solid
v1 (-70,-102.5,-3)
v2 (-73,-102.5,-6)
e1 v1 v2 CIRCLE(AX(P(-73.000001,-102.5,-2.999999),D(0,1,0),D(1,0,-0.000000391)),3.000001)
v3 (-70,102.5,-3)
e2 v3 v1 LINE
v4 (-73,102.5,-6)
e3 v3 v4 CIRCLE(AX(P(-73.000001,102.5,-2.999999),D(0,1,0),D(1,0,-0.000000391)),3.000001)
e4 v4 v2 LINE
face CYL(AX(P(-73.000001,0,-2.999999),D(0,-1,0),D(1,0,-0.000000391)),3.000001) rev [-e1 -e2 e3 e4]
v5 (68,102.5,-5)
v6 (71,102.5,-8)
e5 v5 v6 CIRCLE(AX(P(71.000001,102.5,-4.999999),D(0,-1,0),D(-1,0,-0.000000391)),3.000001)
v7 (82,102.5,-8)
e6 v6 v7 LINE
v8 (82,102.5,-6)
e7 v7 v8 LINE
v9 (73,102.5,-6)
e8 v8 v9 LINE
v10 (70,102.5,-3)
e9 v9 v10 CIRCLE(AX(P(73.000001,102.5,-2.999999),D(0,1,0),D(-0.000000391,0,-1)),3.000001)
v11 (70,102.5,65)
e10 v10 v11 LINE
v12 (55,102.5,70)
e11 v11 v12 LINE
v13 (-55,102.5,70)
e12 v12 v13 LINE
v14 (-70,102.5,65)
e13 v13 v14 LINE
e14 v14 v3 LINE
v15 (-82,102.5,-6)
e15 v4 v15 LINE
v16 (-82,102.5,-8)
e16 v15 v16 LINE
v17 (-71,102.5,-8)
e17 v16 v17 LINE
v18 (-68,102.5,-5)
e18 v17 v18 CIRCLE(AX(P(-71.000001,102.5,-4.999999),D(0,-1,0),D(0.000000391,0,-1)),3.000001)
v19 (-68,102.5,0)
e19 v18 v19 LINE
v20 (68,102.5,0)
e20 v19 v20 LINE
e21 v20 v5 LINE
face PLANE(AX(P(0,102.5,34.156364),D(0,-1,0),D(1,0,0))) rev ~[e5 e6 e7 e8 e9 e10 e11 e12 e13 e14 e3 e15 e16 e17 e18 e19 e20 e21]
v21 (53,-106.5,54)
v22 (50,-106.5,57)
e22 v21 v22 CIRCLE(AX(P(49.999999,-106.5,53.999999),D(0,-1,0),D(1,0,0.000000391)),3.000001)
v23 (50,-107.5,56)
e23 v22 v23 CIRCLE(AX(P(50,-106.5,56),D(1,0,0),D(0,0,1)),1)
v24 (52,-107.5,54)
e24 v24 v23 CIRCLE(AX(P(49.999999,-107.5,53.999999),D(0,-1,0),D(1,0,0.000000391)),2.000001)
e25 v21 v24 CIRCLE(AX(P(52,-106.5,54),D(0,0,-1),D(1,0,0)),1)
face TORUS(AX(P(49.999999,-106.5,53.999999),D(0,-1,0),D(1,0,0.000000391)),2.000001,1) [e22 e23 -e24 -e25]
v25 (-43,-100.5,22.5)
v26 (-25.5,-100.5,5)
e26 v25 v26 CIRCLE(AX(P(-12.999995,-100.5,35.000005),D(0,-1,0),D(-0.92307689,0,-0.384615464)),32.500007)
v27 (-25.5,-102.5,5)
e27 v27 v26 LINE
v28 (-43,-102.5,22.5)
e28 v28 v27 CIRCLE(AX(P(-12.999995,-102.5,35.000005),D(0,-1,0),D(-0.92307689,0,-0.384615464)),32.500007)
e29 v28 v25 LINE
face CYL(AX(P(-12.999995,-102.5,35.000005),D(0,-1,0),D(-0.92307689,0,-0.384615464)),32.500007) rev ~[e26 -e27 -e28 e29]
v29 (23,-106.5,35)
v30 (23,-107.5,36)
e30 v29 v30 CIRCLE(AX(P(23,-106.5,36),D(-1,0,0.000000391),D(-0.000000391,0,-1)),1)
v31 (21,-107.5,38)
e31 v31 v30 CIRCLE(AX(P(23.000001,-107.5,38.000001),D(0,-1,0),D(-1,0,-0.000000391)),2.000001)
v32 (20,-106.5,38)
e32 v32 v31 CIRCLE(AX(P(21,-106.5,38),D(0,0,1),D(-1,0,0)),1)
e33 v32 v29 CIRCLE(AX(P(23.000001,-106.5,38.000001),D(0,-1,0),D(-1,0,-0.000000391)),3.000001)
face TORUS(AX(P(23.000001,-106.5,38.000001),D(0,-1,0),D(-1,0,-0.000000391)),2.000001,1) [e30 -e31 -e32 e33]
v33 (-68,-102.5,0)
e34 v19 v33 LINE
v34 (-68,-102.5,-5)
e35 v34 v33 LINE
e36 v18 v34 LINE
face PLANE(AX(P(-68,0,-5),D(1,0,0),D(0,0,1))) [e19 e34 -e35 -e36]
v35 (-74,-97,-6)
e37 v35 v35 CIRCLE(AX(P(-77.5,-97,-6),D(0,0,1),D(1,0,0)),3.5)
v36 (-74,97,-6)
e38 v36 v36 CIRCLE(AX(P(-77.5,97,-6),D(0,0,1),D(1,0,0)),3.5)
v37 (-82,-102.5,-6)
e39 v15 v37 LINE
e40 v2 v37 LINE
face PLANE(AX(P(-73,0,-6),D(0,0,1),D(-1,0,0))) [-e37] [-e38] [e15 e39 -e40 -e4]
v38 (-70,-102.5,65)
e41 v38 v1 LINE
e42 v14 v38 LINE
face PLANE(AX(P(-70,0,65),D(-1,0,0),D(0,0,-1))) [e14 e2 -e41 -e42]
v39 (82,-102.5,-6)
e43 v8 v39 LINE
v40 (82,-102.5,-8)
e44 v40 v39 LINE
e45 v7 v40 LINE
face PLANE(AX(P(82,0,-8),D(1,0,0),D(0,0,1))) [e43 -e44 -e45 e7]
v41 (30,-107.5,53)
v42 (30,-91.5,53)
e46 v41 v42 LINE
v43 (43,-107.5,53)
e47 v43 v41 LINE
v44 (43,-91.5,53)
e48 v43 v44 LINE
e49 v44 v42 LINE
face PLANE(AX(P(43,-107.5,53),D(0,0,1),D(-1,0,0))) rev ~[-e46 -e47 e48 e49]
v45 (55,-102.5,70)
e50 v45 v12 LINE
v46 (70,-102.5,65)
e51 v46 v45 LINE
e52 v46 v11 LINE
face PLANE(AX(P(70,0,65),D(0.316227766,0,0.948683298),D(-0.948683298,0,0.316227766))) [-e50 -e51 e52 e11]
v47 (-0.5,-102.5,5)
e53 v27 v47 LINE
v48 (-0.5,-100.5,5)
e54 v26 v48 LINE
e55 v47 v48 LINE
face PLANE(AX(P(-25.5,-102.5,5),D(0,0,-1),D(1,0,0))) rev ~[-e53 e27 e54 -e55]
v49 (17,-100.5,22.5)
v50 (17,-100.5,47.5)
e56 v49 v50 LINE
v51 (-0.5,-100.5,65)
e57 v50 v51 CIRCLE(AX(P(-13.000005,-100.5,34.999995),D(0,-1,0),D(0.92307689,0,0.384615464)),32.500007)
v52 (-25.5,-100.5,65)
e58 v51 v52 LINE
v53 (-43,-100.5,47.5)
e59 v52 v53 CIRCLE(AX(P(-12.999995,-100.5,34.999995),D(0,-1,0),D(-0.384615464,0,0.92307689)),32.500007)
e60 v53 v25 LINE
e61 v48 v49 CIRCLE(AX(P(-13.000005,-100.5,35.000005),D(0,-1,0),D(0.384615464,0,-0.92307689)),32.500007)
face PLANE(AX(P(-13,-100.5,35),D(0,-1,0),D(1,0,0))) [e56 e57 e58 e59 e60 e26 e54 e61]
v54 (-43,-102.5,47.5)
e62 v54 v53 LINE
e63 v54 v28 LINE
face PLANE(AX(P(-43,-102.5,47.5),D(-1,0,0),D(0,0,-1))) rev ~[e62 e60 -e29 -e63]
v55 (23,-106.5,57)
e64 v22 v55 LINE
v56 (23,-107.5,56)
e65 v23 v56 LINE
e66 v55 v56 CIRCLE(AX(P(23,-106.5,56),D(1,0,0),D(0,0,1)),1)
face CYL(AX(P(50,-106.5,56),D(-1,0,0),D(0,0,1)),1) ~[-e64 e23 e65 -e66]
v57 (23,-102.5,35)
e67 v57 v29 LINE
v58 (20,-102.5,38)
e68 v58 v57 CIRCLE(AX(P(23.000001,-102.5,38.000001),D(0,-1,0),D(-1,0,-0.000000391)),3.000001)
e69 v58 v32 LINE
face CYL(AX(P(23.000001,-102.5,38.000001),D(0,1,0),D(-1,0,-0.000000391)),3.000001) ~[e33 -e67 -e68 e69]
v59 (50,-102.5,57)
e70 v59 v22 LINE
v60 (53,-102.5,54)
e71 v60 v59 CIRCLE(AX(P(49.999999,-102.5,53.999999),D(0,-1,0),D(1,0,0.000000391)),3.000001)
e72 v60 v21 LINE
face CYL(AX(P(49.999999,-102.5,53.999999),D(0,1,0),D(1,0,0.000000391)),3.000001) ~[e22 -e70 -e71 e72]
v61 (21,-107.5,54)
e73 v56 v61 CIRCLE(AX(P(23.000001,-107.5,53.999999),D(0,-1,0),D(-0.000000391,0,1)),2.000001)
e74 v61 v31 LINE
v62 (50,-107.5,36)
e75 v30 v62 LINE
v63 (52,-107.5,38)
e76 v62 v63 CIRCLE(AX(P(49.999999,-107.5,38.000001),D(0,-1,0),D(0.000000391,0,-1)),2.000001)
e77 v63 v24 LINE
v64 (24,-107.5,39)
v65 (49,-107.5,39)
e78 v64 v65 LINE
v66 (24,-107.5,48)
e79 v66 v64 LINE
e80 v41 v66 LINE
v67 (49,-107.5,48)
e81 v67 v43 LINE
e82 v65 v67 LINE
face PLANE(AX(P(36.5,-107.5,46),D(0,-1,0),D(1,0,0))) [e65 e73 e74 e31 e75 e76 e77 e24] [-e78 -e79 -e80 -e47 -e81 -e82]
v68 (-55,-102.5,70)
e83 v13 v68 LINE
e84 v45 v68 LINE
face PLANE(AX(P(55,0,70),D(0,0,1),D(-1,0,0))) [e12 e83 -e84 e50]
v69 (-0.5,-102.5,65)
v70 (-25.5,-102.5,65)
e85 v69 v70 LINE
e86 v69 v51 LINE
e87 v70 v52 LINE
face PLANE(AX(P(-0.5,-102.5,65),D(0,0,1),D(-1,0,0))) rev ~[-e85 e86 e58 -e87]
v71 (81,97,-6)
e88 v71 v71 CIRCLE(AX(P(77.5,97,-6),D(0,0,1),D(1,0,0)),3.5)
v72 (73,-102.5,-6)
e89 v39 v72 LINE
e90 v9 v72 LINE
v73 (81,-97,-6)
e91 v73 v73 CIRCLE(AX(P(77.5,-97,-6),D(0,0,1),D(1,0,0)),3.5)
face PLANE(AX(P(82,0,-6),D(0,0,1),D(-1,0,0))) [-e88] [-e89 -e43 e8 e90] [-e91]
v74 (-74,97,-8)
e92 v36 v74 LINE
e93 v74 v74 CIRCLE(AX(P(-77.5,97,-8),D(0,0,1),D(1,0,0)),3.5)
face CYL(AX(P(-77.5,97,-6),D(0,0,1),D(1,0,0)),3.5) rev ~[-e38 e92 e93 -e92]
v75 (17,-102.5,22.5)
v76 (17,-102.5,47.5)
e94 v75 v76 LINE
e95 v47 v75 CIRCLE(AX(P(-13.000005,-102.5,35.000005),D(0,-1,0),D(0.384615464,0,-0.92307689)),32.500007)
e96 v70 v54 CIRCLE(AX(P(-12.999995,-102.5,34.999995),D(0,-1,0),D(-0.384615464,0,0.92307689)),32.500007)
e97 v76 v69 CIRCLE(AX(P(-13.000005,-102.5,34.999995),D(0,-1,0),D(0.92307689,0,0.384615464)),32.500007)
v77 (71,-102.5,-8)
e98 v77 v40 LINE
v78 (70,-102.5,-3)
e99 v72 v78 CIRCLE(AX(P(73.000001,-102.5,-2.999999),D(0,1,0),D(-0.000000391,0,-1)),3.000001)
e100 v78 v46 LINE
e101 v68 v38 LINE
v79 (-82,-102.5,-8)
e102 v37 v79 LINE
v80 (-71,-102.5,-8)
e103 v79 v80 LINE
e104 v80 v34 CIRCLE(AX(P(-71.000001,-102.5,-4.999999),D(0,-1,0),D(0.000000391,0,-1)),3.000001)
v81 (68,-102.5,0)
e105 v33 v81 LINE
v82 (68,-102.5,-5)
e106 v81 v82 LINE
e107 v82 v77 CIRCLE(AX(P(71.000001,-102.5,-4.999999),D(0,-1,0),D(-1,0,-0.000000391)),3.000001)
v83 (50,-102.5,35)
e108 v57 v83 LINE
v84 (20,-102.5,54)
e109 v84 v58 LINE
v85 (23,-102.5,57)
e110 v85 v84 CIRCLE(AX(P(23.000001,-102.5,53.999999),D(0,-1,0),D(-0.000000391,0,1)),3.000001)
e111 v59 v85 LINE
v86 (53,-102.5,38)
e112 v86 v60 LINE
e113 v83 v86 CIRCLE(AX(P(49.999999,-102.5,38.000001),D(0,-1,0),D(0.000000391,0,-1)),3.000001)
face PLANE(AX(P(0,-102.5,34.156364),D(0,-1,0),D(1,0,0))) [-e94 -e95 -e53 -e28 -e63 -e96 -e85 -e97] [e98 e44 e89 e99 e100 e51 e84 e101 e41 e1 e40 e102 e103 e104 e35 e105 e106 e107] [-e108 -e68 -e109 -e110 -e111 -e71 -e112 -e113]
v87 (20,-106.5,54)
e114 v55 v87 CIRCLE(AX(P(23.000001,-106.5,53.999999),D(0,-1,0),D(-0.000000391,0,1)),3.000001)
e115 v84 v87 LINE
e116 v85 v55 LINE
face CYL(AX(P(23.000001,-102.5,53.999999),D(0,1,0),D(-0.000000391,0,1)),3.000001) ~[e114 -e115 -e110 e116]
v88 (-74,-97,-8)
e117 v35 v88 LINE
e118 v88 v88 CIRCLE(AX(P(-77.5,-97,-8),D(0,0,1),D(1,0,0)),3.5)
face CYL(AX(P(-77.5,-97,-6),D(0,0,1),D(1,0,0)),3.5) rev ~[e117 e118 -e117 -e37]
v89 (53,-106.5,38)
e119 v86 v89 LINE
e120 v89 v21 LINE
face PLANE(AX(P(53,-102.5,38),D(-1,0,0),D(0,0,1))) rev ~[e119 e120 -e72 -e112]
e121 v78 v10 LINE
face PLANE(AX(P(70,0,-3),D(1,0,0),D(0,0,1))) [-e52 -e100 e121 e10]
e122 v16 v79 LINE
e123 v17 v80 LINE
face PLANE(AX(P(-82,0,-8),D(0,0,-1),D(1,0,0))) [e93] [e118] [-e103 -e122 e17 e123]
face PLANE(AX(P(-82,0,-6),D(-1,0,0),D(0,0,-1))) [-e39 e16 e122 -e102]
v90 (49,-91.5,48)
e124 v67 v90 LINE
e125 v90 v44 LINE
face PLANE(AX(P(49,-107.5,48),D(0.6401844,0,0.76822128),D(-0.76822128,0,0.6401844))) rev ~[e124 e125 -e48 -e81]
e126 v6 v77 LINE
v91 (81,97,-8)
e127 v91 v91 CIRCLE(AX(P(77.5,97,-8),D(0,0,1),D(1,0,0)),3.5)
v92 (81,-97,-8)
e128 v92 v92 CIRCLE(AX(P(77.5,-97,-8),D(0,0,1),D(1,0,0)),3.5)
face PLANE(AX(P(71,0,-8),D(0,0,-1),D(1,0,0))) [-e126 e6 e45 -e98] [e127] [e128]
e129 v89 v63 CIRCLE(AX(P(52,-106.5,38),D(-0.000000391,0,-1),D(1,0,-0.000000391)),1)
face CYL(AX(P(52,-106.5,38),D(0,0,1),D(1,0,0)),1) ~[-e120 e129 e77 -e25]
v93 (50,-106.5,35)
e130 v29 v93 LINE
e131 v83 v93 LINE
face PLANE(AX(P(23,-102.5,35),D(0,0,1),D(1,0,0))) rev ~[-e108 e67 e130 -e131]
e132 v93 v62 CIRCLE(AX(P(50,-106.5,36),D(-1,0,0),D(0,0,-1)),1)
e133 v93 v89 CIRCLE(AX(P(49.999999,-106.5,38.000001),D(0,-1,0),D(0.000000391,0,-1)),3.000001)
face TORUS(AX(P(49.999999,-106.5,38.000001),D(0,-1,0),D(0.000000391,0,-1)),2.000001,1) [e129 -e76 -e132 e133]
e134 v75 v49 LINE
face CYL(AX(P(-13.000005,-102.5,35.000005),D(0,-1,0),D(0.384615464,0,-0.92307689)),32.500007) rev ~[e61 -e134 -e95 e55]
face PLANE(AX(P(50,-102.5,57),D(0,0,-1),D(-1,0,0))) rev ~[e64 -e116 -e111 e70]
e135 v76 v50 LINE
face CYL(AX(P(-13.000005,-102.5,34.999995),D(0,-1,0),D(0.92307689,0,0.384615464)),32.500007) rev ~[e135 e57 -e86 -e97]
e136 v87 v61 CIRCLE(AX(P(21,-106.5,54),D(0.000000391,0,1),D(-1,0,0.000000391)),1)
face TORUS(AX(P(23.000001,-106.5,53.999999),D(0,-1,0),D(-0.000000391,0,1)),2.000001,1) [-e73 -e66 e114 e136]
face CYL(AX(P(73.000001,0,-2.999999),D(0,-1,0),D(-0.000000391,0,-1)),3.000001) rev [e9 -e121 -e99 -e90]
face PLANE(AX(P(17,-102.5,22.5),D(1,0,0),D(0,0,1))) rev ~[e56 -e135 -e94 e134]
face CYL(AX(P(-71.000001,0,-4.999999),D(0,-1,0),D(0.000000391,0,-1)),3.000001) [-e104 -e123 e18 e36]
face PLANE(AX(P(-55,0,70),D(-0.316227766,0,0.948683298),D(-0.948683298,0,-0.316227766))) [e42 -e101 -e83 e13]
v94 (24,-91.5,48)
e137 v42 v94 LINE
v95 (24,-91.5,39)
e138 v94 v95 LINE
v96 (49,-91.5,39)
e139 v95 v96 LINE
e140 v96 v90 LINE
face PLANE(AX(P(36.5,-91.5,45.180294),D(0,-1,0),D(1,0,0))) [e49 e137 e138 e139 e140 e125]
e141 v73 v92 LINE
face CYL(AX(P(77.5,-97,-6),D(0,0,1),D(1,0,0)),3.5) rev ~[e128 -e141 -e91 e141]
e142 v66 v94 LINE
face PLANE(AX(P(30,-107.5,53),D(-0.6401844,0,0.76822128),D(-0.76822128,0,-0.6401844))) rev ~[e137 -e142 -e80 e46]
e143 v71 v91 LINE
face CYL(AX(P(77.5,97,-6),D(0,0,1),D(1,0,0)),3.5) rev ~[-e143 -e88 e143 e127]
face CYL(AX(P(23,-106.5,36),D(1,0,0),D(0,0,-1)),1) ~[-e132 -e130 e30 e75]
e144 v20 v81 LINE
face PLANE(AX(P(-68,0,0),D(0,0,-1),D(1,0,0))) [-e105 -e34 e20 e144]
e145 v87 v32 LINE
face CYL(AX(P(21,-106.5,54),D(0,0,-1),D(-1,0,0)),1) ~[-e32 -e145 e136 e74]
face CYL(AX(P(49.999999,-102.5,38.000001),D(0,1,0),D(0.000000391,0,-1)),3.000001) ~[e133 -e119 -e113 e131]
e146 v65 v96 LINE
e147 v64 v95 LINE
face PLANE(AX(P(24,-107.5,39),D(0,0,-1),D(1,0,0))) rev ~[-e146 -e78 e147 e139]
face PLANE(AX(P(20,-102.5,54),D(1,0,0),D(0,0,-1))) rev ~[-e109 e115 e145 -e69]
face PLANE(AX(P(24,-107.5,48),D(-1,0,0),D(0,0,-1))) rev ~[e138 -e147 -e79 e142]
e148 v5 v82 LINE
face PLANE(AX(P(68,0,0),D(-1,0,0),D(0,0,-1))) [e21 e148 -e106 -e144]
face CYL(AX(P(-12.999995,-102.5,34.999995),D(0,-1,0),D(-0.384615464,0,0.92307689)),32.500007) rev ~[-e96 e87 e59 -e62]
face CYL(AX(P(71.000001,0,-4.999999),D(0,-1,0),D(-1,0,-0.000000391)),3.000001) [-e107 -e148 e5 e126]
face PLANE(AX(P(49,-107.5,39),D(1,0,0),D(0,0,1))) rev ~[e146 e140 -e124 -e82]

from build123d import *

# Parameters (mm, degrees)
F1_DEPTH  = 102.5
F2_R      = 3.5
F3_DEPTH  = 2
F5_DEPTH  = 5
F6_R      = 1
F8_DEPTH  = 16
F10_DEPTH = 2


with BuildPart() as f1:
    # F0 (on Front) → F1 (new body, symmetric)
    with BuildSketch(Plane.XZ):
        Polygon((55, 70), (0, 70), (-55, 70), (-70, 65), (-70, 0), (-68, 0), (0, 0), (68, 0), (70, 0), (70, 65), align=None)
        with BuildLine():
            Line((70, -3), (70, 0))
            Line((70, 0), (68, 0))
            Line((68, 0), (68, -5))
            ThreePointArc((68, -5), (68.87868, -7.12132), (71, -8))
            Line((71, -8), (82, -8))
            Line((82, -8), (82, -6))
            Line((82, -6), (73, -6))
            ThreePointArc((73, -6), (70.87868, -5.12132), (70, -3))
        make_face()
        with BuildLine():
            Line((-68, 0), (-70, 0))
            Line((-70, 0), (-70, -3))
            ThreePointArc((-70, -3), (-70.87868, -5.12132), (-73, -6))
            Line((-73, -6), (-82, -6))
            Line((-82, -6), (-82, -8))
            Line((-82, -8), (-71, -8))
            ThreePointArc((-71, -8), (-68.87868, -7.12132), (-68, -5))
            Line((-68, -5), (-68, 0))
        make_face()
    extrude(amount=F1_DEPTH, both=True)

    # F2 (on face) → F3 (cut, through all)
    with BuildSketch(Plane.XY.offset(-6)):
        with Locations((77.5, -97)):
            Circle(F2_R)
        with Locations((77.5, 97)):
            Circle(F2_R)
        with Locations((-77.5, -97)):
            Circle(F2_R)
        with Locations((-77.5, 97)):
            Circle(F2_R)
    extrude(amount=-F3_DEPTH, mode=Mode.SUBTRACT)

    # F4 (on face) → F5 (join)
    with BuildSketch(Plane.XZ.offset(102.5)):
        with BuildLine():
            Line((50, 57), (23, 57))
            ThreePointArc((23, 57), (20.87868, 56.12132), (20, 54))
            Line((20, 54), (20, 38))
            ThreePointArc((20, 38), (20.87868, 35.87868), (23, 35))
            Line((23, 35), (50, 35))
            ThreePointArc((50, 35), (52.12132, 35.87868), (53, 38))
            Line((53, 38), (53, 54))
            ThreePointArc((53, 54), (52.12132, 56.12132), (50, 57))
        make_face()
    extrude(amount=F5_DEPTH)

    # F6
    f6_edges = [f1.edges().sort_by_distance(p)[0] for p in [
        (36.5, -107.5, 57),
        (20.87868, -107.5, 56.12132),
        (20, -107.5, 46),
        (20.87868, -107.5, 35.87868),
        (36.5, -107.5, 35),
        (52.12132, -107.5, 35.87868),
        (53, -107.5, 46),
        (52.12132, -107.5, 56.12132),
    ]]
    fillet(f6_edges, radius=F6_R)

    # F7 (on face) → F8 (cut)
    with BuildSketch(Plane.XZ.offset(107.5)):
        Polygon((43, 53), (30, 53), (24, 48), (24, 39), (49, 39), (49, 48), align=None)
    extrude(amount=-F8_DEPTH, mode=Mode.SUBTRACT)

    # F9 (on face) → F10 (cut)
    with BuildSketch(Plane.XZ.offset(102.5)):
        with BuildLine():
            Line((17, 22.5), (17, 47.5))
            ThreePointArc((17, 47.5), (9.98097, 57.98097), (-0.5, 65))
            Line((-0.5, 65), (-25.5, 65))
            ThreePointArc((-25.5, 65), (-35.98097, 57.98097), (-43, 47.5))
            Line((-43, 47.5), (-43, 22.5))
            ThreePointArc((-43, 22.5), (-35.98097, 12.01903), (-25.5, 5))
            Line((-25.5, 5), (-0.5, 5))
            ThreePointArc((-0.5, 5), (9.98097, 12.01903), (17, 22.5))
        make_face()
    extrude(amount=-F10_DEPTH, mode=Mode.SUBTRACT)


solid = f1.part
